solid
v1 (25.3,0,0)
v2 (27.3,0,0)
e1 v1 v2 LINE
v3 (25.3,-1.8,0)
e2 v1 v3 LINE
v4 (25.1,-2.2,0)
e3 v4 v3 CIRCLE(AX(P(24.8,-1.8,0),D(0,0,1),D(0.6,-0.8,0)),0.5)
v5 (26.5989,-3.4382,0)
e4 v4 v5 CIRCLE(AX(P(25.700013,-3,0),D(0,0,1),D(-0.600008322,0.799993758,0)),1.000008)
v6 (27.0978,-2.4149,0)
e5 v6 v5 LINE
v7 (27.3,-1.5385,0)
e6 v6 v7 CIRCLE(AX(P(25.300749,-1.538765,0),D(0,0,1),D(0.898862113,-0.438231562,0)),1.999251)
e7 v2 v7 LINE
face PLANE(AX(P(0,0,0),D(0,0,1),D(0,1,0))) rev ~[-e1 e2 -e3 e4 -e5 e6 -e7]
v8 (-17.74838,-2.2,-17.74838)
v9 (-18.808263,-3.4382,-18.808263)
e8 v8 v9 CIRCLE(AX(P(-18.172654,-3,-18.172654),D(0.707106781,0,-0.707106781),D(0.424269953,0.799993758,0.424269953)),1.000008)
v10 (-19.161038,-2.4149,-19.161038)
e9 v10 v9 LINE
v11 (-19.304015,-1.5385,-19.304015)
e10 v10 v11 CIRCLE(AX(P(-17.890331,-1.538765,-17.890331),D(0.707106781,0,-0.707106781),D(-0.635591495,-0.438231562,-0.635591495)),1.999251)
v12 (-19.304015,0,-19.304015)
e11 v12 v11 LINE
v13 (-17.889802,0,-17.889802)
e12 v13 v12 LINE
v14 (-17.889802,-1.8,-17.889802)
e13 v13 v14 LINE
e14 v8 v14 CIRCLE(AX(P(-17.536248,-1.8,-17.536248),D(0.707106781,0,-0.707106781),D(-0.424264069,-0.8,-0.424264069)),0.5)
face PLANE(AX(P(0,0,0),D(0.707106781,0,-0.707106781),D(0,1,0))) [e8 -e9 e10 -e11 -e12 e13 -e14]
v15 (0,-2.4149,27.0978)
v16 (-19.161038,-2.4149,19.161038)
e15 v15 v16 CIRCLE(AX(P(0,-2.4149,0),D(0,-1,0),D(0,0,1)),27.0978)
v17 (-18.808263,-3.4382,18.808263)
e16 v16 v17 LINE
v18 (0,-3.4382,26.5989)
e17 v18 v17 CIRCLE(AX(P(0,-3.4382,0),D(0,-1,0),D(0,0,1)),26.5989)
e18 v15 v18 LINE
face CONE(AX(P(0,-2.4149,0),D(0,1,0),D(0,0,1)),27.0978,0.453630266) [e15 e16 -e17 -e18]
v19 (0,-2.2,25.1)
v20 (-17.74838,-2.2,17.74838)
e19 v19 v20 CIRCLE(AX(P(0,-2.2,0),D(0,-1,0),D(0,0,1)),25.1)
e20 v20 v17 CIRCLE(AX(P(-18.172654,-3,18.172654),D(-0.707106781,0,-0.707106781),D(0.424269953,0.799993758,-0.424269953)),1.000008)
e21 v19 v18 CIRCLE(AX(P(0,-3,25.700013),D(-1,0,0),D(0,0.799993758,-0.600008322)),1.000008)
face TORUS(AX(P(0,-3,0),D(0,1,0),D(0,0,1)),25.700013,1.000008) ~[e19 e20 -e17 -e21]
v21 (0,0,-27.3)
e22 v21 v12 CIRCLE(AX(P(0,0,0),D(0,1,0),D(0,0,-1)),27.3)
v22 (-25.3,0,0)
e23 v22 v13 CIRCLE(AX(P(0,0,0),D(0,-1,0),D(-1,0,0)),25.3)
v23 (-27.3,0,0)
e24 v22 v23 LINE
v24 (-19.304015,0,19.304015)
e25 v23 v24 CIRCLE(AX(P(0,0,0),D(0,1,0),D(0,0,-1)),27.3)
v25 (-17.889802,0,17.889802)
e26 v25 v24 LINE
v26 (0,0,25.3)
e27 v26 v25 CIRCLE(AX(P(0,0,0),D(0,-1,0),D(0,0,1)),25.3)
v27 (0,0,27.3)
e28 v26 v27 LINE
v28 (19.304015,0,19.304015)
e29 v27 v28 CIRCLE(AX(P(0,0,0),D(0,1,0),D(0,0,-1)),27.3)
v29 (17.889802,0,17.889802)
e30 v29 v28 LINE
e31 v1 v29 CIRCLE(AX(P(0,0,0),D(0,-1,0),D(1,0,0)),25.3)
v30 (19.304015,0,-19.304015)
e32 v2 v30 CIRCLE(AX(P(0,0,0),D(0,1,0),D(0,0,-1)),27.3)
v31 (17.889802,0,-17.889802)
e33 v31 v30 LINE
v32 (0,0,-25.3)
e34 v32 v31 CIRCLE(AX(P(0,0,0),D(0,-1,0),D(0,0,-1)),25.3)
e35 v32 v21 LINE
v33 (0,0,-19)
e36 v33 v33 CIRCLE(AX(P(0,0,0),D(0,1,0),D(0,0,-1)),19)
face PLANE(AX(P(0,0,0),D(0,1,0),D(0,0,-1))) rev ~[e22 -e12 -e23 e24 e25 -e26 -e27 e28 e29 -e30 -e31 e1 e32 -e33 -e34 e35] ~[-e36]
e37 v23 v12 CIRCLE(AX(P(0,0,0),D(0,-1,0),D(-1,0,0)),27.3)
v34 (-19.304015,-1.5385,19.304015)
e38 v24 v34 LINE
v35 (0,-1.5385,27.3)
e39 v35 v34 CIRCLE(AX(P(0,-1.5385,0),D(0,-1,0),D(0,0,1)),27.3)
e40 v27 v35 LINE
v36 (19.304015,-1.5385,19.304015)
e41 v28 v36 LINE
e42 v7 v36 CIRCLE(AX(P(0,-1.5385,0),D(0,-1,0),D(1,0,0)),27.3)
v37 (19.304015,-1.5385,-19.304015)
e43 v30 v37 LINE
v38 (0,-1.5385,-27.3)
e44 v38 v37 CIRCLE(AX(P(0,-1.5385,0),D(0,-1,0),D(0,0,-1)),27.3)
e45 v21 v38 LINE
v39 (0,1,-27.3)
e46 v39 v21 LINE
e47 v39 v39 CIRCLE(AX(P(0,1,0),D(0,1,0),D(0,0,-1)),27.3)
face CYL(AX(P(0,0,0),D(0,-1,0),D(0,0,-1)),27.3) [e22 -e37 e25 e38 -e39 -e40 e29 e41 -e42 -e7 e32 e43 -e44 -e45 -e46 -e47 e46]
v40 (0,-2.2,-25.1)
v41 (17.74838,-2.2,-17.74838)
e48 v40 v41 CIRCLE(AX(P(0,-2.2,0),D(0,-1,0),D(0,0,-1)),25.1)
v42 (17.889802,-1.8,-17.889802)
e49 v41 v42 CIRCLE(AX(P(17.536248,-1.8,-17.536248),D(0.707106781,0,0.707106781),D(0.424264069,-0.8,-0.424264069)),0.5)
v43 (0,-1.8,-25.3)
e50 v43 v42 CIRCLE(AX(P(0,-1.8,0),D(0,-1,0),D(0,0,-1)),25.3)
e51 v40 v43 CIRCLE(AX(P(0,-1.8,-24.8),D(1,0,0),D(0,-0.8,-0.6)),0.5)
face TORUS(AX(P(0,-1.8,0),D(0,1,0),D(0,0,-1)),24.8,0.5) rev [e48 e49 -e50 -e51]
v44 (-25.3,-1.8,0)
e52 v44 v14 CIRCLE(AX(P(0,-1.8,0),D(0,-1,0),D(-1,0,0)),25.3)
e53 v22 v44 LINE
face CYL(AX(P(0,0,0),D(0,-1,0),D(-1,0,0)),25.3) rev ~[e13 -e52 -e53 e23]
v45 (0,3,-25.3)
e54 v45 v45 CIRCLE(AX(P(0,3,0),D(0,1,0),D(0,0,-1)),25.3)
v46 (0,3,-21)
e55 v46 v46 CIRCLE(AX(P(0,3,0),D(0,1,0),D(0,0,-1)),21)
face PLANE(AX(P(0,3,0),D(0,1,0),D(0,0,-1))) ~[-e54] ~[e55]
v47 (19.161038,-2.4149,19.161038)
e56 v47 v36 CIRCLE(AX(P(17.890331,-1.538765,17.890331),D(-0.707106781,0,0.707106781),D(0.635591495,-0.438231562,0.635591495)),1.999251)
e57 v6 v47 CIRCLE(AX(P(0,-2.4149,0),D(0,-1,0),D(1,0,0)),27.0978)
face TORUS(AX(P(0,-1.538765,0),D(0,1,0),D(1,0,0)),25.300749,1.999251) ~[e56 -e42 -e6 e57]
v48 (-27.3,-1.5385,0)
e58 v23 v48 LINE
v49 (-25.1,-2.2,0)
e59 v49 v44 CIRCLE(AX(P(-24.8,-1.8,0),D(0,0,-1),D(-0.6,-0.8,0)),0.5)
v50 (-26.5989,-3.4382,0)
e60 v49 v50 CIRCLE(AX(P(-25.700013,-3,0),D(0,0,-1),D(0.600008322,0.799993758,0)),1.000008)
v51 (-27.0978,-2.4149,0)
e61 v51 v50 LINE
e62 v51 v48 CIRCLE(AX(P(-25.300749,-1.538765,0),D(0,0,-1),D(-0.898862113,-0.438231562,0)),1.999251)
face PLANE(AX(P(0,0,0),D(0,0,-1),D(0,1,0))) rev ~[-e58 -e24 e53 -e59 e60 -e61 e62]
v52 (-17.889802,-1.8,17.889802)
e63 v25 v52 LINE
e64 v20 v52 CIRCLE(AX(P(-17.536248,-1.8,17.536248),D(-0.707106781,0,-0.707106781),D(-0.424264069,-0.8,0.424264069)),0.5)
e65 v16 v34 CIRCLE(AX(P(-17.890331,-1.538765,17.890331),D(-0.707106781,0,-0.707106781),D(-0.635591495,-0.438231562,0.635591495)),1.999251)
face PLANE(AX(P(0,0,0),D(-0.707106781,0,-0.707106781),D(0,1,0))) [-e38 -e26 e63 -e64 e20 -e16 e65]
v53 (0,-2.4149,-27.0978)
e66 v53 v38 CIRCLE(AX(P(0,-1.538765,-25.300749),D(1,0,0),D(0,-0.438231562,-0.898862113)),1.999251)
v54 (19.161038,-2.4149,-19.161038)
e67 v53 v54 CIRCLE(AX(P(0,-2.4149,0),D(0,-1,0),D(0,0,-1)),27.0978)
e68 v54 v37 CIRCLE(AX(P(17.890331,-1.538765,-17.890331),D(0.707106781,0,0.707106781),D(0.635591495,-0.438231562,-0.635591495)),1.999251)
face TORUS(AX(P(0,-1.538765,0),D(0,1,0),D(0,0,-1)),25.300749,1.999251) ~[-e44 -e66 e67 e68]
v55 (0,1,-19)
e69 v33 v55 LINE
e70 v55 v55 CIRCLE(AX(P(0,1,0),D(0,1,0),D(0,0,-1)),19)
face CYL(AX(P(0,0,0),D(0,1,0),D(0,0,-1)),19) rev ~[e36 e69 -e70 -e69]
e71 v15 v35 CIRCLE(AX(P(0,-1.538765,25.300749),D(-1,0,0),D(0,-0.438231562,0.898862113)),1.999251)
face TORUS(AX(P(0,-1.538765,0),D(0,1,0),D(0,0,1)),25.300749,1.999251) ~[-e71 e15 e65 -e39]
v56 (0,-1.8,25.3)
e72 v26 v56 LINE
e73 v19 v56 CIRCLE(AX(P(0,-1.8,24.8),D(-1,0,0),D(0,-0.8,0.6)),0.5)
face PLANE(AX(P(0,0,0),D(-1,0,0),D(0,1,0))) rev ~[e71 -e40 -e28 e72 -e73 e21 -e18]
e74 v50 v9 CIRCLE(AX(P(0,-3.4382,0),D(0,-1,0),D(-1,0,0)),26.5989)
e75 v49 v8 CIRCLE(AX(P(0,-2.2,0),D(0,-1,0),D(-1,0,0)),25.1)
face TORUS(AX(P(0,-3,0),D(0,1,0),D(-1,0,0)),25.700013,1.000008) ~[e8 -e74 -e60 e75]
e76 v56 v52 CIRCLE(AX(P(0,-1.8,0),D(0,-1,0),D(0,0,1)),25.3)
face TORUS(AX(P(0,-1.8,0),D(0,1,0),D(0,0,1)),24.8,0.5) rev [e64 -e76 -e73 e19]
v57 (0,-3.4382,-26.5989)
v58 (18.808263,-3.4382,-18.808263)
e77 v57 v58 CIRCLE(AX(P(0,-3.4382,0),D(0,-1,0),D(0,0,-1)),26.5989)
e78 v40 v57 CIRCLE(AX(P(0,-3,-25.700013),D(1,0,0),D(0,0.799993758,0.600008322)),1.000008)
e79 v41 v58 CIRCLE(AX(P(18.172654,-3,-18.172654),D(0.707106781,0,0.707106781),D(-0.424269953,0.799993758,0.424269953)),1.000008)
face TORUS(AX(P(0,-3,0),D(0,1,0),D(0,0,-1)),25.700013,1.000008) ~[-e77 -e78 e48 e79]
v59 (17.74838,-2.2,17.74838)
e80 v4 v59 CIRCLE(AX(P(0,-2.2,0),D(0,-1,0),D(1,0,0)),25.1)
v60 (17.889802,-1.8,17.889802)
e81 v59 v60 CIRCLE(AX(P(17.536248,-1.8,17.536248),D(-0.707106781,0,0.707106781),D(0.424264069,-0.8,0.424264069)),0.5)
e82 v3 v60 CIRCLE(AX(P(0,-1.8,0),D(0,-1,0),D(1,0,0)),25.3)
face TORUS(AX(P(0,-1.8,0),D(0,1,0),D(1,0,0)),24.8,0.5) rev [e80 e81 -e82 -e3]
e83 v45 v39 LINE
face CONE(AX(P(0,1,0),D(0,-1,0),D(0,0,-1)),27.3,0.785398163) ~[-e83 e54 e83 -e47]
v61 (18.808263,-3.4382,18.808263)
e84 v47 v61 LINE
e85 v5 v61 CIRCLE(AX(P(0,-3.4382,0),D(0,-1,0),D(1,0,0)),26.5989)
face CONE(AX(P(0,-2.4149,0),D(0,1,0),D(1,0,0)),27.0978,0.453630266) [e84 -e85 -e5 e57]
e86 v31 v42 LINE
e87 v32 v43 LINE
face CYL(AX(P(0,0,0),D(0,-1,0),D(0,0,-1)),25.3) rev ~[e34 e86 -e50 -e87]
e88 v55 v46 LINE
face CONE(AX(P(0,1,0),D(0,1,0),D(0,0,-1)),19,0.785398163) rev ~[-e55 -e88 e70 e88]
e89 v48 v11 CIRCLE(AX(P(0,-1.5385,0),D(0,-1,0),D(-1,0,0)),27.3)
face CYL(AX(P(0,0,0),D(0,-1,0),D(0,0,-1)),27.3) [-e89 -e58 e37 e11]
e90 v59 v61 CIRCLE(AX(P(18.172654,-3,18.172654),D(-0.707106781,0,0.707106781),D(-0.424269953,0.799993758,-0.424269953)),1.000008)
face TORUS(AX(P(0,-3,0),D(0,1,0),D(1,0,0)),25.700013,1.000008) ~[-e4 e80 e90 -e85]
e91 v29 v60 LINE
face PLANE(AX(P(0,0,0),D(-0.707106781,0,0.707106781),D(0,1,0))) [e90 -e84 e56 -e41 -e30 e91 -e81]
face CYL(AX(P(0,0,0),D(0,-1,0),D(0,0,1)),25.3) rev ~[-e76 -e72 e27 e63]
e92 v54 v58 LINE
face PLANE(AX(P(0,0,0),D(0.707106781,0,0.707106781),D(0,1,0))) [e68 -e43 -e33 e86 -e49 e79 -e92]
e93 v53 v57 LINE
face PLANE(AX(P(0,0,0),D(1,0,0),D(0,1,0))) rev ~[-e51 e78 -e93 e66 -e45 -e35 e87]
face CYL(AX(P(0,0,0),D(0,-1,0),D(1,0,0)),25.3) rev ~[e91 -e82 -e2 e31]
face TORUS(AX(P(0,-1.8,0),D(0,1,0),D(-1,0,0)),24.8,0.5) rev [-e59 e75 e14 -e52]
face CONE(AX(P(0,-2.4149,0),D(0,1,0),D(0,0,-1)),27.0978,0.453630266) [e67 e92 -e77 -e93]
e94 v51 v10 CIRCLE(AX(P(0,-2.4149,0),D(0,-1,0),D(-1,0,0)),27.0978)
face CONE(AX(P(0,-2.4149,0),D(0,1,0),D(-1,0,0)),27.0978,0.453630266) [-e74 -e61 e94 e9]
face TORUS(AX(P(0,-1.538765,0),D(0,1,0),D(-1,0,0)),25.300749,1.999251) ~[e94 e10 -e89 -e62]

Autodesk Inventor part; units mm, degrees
ref_plane "YZ Plane" through (0, 0, 0) normal (1, 0, 0) x (0, 1, 0)
ref_plane "XZ Plane" through (0, 0, 0) normal (0, 1, 0) x (-1, 0, 0)
ref_plane "XY Plane" through (0, 0, 0) normal (0, 0, 1) x (1, 0, 0)
sketch "Эскиз1" plane through (0, 0, 0) normal (1, 0, 0) x (0, 1, 0)
  line L0 (0, 0) -> (10.522, 0) construction
  line L1 (0, 0) -> (0, -19) construction
  line L2 (0, 0) -> (0, -27.3) construction
  line L3 (0, -19) -> (3, -19)
  line L4 (3, -19) -> (3, -27.3)
  line L5 (3, -27.3) -> (0, -27.3)
  line L6 (0, -27.3) -> (0, -19)
  dimension "d0" = 19
  dimension "d1" = 27.3
  dimension "d2" = 3
revolve "Вращение1" add sketch "Эскиз1" angle 360 about axis through (0, 0, 0) along (0, 1, 0)
chamfer "Фаска1" distance 2 angle 45 1 edges at (0, 3, 19) measured on face at (2.1778, 3, -24.2689)
chamfer "Фаска2" distance 2 angle 45 1 edges at (0, 3, 27.3) measured on face at (3.853, 3, -24.7322)
sketch "Эскиз2" plane through (0, 0, 0) normal (1, 0, 0) x (0, 1, 0)
  line L0 (0, 0) -> (7.8289, 0) construction
  line L1 (0, 0) -> (0, -24.8) construction
  line L2 (0, 27.3) -> (0, -27.3) construction
  line L3 (0, -25.3) -> (-1.8, -25.3)
  line L4 (0, -27.3) -> (-1.5385, -27.3)
  line L5 (-2, -25.3) -> (-2, -26.7) construction
  line L6 (0, -25.3) -> (0, -27.3)
  line L7 (-2, 0.25) -> (-2, -25) construction
  line L8 (-2, -25) -> (-6, -25) construction
  arc A0 (-2.2, -25.1) -> (-3.4382, -26.5989) centre (-3, -25.7) ccw
  line L9 (-4, -25) -> (-4, 0) construction
  line L10 (-2, -24.7) -> (-4, -24.7) construction
  line L11 (-2, -25.3) -> (-2.0835, -25.3) construction
  arc A1 (-2, -25.7) -> (-2.0835, -25.3) centre (-3, -25.7) ccw construction
  arc A2 (-2.2, -25.1) -> (-1.8, -25.3) centre (-1.8, -24.8) ccw
  line L12 (-2.4149, -27.0978) -> (-3.4382, -26.5989)
  arc A3 (-3.4382, -26.5989) -> (-2, -25.7) centre (-3, -25.7) ccw construction
  arc A4 (-2.4149, -27.0978) -> (-1.5385, -27.3) centre (-1.5385, -25.3) ccw
  point P0 (-2.2859, -25)
  point P1 (-2, -27.3)
  dimension "d10" = 24.8
  dimension "d11" = 2
  dimension "d12" = 0.5
  dimension "d14" = 2
  dimension "d15" = 2
  dimension "d16" = 2
  dimension "d17" = 0.3
  dimension "d18" = 0.5
  dimension "d19" = 50
  dimension "d21" = 2
  dimension "d22" = 2
revolve "Вращение2" add sketch "Эскиз2" angle 45 about axis through (0, 0, 0) along (0, -1, 0)
pattern_circular "Круговой массив1" count 4 over 360 about axis through (0, 1.5, 0) along (0, -1, 0) of "Вращение2"
properties part number "mirror_lock_v2"
